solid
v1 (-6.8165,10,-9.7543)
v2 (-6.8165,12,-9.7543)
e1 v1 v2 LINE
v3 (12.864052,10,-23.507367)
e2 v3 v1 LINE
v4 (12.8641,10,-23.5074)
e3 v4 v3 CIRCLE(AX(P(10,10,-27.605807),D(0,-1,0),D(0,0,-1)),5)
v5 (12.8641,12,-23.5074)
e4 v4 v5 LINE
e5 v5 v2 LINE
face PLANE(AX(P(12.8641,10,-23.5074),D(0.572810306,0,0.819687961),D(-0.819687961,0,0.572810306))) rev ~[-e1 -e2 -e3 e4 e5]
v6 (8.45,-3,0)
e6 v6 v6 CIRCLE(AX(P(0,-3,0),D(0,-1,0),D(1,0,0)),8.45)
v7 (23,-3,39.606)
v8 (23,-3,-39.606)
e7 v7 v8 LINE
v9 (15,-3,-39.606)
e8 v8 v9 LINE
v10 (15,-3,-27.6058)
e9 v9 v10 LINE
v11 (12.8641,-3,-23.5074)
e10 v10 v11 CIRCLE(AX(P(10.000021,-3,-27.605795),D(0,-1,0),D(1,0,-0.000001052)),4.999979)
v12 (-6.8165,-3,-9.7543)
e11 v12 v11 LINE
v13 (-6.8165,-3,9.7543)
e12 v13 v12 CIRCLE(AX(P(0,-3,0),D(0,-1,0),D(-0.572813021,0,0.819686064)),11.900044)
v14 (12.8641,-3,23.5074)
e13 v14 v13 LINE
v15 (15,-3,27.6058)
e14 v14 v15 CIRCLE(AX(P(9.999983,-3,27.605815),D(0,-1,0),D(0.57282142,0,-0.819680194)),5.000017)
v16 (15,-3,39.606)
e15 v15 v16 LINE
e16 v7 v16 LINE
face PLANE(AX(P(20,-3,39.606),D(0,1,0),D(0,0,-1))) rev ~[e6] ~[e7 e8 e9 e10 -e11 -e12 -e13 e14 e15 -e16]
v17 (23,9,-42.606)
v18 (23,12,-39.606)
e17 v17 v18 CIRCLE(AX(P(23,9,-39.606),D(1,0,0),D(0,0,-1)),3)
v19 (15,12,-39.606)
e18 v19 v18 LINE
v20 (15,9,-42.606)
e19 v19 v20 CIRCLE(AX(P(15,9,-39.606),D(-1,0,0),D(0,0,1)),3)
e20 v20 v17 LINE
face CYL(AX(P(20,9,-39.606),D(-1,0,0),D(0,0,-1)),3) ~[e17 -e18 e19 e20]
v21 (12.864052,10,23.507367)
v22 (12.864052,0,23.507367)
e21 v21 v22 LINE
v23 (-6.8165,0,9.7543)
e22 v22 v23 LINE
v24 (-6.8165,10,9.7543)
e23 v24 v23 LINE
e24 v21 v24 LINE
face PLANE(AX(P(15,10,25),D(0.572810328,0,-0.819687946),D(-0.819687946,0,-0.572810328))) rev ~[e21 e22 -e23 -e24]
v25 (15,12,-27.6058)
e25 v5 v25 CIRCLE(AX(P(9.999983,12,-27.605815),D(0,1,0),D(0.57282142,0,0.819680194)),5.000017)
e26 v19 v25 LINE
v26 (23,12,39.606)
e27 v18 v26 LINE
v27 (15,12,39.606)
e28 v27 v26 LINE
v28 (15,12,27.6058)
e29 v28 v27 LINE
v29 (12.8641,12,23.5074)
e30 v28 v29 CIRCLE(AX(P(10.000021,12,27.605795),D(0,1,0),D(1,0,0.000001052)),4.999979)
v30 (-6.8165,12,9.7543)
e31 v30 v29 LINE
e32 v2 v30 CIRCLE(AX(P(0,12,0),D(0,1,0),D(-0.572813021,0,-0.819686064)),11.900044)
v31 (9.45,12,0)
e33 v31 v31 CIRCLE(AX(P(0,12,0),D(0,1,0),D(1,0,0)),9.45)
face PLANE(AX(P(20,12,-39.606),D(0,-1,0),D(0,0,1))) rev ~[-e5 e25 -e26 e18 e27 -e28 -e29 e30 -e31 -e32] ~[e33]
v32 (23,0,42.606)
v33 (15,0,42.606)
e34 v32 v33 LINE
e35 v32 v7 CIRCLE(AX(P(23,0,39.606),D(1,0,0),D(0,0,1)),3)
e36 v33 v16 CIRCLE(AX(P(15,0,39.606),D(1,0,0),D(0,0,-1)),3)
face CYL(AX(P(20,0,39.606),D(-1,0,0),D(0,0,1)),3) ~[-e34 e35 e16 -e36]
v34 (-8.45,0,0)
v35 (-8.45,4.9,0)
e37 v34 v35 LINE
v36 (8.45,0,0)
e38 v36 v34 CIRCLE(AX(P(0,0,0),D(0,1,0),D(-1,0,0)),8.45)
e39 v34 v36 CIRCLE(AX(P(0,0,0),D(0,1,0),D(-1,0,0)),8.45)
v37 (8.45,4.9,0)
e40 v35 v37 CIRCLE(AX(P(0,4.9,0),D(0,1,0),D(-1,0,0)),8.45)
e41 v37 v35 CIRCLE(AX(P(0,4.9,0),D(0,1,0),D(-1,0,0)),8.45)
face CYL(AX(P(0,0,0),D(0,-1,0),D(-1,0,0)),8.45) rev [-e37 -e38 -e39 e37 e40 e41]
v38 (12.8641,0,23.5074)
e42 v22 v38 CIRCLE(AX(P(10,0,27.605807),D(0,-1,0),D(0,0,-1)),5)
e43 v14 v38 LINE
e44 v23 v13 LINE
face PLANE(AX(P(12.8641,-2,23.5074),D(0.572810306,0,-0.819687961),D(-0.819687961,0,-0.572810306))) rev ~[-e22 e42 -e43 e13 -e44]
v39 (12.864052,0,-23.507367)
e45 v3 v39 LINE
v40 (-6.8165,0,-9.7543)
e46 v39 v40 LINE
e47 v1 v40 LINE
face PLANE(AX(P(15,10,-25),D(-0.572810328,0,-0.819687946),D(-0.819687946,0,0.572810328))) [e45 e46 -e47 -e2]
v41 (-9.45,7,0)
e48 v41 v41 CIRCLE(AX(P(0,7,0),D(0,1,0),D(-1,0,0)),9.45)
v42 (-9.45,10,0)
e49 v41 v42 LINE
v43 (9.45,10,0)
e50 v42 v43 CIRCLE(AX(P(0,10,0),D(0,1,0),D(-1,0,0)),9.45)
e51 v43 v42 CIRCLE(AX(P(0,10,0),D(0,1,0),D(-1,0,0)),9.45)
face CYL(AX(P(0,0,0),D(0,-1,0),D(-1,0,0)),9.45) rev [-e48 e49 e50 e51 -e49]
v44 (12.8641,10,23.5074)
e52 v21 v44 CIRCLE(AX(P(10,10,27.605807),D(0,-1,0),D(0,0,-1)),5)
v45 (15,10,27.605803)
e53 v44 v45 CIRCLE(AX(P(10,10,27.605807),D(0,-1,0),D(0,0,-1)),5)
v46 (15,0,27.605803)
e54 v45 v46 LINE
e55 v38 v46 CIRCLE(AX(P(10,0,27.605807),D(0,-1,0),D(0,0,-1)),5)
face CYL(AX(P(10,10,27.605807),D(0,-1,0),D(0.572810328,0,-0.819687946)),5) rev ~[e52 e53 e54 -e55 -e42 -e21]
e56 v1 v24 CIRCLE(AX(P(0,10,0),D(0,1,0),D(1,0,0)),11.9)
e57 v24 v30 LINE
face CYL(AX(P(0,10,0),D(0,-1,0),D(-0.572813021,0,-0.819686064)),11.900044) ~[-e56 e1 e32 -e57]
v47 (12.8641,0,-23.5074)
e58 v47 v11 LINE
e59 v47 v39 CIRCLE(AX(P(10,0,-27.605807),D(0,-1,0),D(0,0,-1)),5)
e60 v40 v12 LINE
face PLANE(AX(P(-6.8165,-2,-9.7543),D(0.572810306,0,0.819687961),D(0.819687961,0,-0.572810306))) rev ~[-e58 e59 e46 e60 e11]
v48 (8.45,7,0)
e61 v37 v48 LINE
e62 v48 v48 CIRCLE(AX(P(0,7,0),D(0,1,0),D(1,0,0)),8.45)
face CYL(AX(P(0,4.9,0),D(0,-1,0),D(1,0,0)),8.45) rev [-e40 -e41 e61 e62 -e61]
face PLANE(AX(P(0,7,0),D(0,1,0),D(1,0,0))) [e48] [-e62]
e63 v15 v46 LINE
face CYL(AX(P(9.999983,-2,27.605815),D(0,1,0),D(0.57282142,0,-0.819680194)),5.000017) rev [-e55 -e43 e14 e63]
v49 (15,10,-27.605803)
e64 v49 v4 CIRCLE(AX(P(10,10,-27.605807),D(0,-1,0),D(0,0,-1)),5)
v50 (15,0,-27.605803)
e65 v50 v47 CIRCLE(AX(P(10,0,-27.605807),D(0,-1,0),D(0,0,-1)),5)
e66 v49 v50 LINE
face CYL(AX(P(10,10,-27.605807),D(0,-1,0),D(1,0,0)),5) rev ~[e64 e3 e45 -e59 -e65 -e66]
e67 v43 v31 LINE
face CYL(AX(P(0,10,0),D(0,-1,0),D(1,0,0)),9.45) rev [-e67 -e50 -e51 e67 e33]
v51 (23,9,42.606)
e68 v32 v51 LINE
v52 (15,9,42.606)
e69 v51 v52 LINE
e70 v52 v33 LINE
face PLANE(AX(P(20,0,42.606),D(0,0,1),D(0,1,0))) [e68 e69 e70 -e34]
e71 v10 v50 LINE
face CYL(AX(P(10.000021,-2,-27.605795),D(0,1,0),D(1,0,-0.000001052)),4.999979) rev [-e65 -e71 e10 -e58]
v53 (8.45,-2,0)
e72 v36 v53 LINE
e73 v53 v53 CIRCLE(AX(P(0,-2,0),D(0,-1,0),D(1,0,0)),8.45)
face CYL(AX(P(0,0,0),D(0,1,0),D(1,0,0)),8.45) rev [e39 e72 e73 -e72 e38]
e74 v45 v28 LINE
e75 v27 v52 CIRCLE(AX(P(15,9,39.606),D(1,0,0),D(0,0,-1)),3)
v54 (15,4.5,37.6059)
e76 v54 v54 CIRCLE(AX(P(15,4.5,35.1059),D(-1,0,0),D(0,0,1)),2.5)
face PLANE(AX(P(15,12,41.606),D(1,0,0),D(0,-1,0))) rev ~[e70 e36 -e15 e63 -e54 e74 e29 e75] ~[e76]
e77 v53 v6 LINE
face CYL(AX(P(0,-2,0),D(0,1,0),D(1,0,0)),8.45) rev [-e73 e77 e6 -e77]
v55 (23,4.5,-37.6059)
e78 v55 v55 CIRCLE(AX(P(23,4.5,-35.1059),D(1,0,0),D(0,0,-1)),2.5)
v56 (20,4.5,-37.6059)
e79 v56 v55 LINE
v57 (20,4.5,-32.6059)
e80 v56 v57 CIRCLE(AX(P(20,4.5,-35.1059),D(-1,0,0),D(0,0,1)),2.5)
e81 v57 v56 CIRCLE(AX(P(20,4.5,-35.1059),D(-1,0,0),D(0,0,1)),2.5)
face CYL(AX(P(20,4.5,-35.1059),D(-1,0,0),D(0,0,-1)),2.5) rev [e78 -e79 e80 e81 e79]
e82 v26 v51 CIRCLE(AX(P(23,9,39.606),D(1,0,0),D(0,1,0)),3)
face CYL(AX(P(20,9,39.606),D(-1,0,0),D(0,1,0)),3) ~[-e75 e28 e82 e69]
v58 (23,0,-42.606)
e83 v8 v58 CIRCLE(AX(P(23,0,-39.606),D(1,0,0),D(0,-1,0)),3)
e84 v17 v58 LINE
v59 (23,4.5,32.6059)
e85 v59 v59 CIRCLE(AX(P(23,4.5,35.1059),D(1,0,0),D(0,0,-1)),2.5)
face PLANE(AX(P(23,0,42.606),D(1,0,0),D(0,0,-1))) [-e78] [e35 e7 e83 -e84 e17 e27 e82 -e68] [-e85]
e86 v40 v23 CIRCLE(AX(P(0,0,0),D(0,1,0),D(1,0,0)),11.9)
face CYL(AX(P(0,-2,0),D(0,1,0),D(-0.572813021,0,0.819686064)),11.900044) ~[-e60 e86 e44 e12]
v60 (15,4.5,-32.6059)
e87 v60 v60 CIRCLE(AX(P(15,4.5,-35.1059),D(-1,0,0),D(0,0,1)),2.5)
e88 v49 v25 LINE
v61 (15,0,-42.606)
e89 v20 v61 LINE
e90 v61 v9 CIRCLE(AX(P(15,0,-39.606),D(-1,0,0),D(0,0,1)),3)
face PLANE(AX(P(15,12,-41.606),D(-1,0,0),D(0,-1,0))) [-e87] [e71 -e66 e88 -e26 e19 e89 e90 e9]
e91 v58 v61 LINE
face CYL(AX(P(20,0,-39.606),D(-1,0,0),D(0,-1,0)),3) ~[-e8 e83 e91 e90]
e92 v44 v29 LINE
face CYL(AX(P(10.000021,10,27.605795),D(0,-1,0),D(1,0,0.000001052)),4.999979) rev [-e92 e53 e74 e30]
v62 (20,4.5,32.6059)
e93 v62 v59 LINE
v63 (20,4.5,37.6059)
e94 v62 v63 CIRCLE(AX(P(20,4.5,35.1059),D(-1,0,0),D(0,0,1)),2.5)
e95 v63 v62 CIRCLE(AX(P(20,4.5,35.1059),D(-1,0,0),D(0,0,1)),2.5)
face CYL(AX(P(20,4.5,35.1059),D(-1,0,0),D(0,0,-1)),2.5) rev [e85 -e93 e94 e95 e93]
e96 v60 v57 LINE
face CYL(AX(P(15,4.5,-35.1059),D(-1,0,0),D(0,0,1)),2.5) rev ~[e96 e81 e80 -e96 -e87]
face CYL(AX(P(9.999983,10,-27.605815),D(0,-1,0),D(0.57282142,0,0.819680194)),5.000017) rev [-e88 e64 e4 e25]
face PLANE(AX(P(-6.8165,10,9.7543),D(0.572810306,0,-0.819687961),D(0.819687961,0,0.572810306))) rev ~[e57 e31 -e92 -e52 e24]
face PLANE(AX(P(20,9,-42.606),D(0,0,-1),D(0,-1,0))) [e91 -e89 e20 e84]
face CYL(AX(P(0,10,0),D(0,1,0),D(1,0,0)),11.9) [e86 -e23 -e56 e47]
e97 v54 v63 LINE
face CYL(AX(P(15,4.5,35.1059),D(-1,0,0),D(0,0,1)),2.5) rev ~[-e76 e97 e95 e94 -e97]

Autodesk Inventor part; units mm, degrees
ref_plane "YZ Plane" through (0, 0, 0) normal (1, 0, 0) x (0, 1, 0)
ref_plane "XZ Plane" through (0, 0, 0) normal (0, 1, 0) x (-1, 0, 0)
ref_plane "XY Plane" through (0, 0, 0) normal (0, 0, 1) x (1, 0, 0)
sketch "Sketch1" plane through (0, 0, 0) normal (0, 1, 0) x (-1, 0, 0)
  circle A0 centre (0, 0) radius 9.45
  circle A1 centre (0, 0) radius 8.45
  line L0 (15.45, 25) -> (15.45, -25)
  line L1 (-20, 0) -> (-15, 0)
  line L2 (-15, 0) -> (-15, 25)
  line L3 (-15, 25) -> (-20, 25)
  line L4 (-20, 25) -> (-20, 0)
  line L5 (-20, 0) -> (-15, 0)
  line L6 (-15, 0) -> (-15, -25)
  line L7 (-15, -25) -> (-20, -25)
  line L8 (-20, -25) -> (-20, 0)
  line L9 (15.45, 25) -> (-20, 25)
  line L10 (-20, 25) -> (-20, -25)
  line L11 (-20, -25) -> (15.45, -25)
  line L12 (15.45, -25) -> (15.45, 25)
  point P0 (15.45, 0)
  dimension "d0" = 18.9
  dimension "d1" = 16.9
  dimension "d7" = 5
  dimension "d8" = 20
extrude "Extrusion1" add sketch "Sketch1" along normal blind 10 contours L0 L11 L6 L2 L9 | L2 L1 L4 L3 | L7 L8 L1 L6
extrude "Extrusion2" add sketch "Sketch1" along normal blind 4.9 contours A0
sketch "Sketch2" plane through (0, 10, 0) normal (0, 1, 0) x (1, 0, 0)
  circle A0 centre (0, 0) radius 11.9
  line L0 (-15.45, -25) -> (20, -25) projected
  line L1 (20, 25) -> (-15.45, 25) projected
  line L2 (20, -25) -> (15, -25)
  line L3 (15, -25) -> (15, 25)
  line L4 (15, 25) -> (20, 25)
  line L5 (20, 25) -> (20, -25)
  line L6 (-15.45, 25) -> (-15.45, -25) projected
  line L7 (20, -25) -> (-15.45, -25)
  line L8 (-15.45, -25) -> (-15.45, 25)
  line L9 (-15.45, 25) -> (20, 25)
  line L10 (20, 25) -> (20, -25)
  point P0 (-6.8165, -9.7543)
  point P1 (-6.8165, 9.7543)
  dimension "d13" = 23.8
  dimension "d14" = 5
sketch "Sketch7" plane through (20, 0, -25) normal (0, 0, -1) x (-1, 0, 0)
  line L0 (35.45, 0) -> (35.45, 10) projected
  line L1 (0, 0) -> (35.45, 0)
  line L2 (35.45, 0) -> (35.45, 10)
  line L3 (35.45, 10) -> (0, 10)
  line L4 (0, 10) -> (0, 0)
  point P0 (20, 0)
extrude "Extrusion7" add sketch "Sketch7" along normal blind 10
sketch "Sketch8" plane through (-15.45, 0, 25) normal (0, 0, 1) x (1, 0, 0)
  line L0 (35.45, 0) -> (35.45, 10) projected
  line L1 (0, 0) -> (0, 10) projected
  line L2 (35.45, 0) -> (0, 0)
  line L3 (0, 0) -> (0, 10)
  line L4 (0, 10) -> (35.45, 10)
  line L5 (35.45, 10) -> (35.45, 0)
  point P0 (15.45, 0)
extrude "Extrusion8" add sketch "Sketch8" along normal blind 10
sketch "Sketch9" plane through (0, 10, 0) normal (0, 1, 0) x (1, 0, 0)
  circle A0 centre (0, 0) radius 11.9 projected
  line L0 (15, -25) -> (15, 25) projected
  line L1 (15, -25) -> (-6.8165, -9.7543)
  line L2 (15, 25) -> (-6.8165, 9.7543)
  line L3 (20, 35) -> (20, -35) projected
  line L4 (20, 25) -> (15, 25)
  line L5 (15, 25) -> (15, 35)
  line L6 (15, 35) -> (20, 35)
  line L7 (20, 35) -> (20, 25)
  line L8 (20, -25) -> (15, -25)
  line L9 (15, -25) -> (15, -35)
  line L10 (15, -35) -> (20, -35)
  line L11 (20, -35) -> (20, -25)
  line L12 (15, -25) -> (15, 25)
  line L13 (-15.45, -35) -> (-15.45, 35) projected
  line L14 (-15.45, 25) -> (15, 25)
  line L15 (15, -25) -> (-15.45, -25)
  line L16 (-15.45, -25) -> (-15.45, 25)
  line L17 (15, -25) -> (-15.45, -25)
  line L18 (-15.45, -25) -> (-15.45, -35)
  line L19 (-15.45, -35) -> (15, -35)
  line L20 (15, -35) -> (15, -25)
  line L21 (20, 35) -> (-15.45, 35) projected
  line L22 (15, 25) -> (-15.45, 25)
  line L23 (-15.45, 25) -> (-15.45, 35)
  line L24 (-15.45, 35) -> (15, 35)
  line L25 (15, 35) -> (15, 25)
  point P0 (15, 25)
  dimension "d27" = 10
extrude "Extrusion9" cut sketch "Sketch9" against normal blind 10 contours A0 L1 L15 L13 L14 L2
extrude "Extrusion10" cut sketch "Sketch9" against normal blind 10 contours L14 L13 L21 L5 | L9 L19 L13 L15
fillet "Fillet1" radius 5 2 edges at (15, 5, 25) (15, 5, -25)
sketch "Sketch10" plane through (-15.45, 0, 35) normal (0, 0, 1) x (1, 0, 0)
  line L0 (35.45, 10) -> (35.45, 0) projected
  line L1 (30.45, 10) -> (30.45, 0) projected
  line L2 (35.45, 0) -> (30.45, 0)
  line L3 (30.45, 0) -> (30.45, 10)
  line L4 (30.45, 10) -> (35.45, 10)
  line L5 (35.45, 10) -> (35.45, 0)
  point P0 (15.45, 0)
extrude "Extrusion11" add sketch "Sketch10" along normal blind 2.606
sketch "Sketch11" plane through (20, 0, -35) normal (0, 0, -1) x (-1, 0, 0)
  line L0 (5, 10) -> (0, 10) projected
  line L1 (5, 10) -> (5, 0) projected
  line L2 (0, 10) -> (5, 10)
  line L3 (5, 10) -> (5, 0)
  line L4 (5, 0) -> (0, 0)
  line L5 (0, 0) -> (0, 10)
  point P0 (20, 0)
extrude "Extrusion12" add sketch "Sketch11" along normal blind 2.606
sketch "Sketch14" plane through (0, 10, 0) normal (0, 1, 0) x (1, 0, 0)
  circle A0 centre (0, 0) radius 9.45 projected
  line L0 (15, 37.606) -> (15, 27.6058) projected
  arc A1 (12.8641, 23.5074) -> (15, 27.6058) centre (10, 27.6058) ccw projected
  line L1 (12.8641, 23.5074) -> (-6.8165, 9.7543) projected
  arc A2 (-6.8165, 9.7543) -> (-6.8165, -9.7543) centre (0, 0) ccw projected
  line L2 (-6.8165, -9.7543) -> (12.8641, -23.5074) projected
  arc A3 (15, -27.6058) -> (12.8641, -23.5074) centre (10, -27.6058) ccw projected
  line L3 (15, -27.6058) -> (15, -37.606) projected
  line L4 (20, -37.606) -> (15, -37.606) projected
  line L5 (20, 37.606) -> (20, -37.606) projected
  line L6 (15, 37.606) -> (20, 37.606) projected
extrude "Extrusion15" add sketch "Sketch14" along normal blind 2
sketch "Sketch15" plane through (0, 0, 0) normal (0, -1, 0) x (1, 0, 0)
  line L0 (15, -27.6058) -> (15, -37.606) projected
  line L1 (20, -37.606) -> (15, -37.606) projected
  line L2 (20, 37.606) -> (20, -37.606) projected
  line L3 (15, 37.606) -> (20, 37.606) projected
  line L4 (15, 37.606) -> (15, 27.6058) projected
  arc A0 (12.8641, 23.5074) -> (15, 27.6058) centre (10, 27.6058) ccw projected
  line L5 (12.8641, 23.5074) -> (-6.8165, 9.7543) projected
  arc A1 (-6.8165, 9.7543) -> (-6.8165, -9.7543) centre (0, 0) ccw projected
  line L6 (-6.8165, -9.7543) -> (12.8641, -23.5074) projected
  arc A2 (15, -27.6058) -> (12.8641, -23.5074) centre (10, -27.6058) ccw projected
  circle A3 centre (0, 0) radius 8.45 projected
extrude "Extrusion16" add sketch "Sketch15" along normal blind 2
sketch "Sketch16" plane through (0, 4.9, 0) normal (0, 1, 0) x (1, 0, 0)
  circle A0 centre (0, 0) radius 9.45 projected
  circle A1 centre (0, 0) radius 8.45 projected
extrude "Extrusion17" add sketch "Sketch16" along normal blind 2.1
sketch "Sketch17" plane through (-15.45, 0, 37.606) normal (0, 0, 1) x (1, 0, 0)
  line L0 (35.45, 12) -> (35.45, -2) projected
  line L1 (30.45, 12) -> (35.45, 12) projected
  line L2 (30.45, -2) -> (30.45, 12) projected
  line L3 (35.45, -2) -> (30.45, -2) projected
  point P0 (15.45, 0)
extrude "Extrusion18" add sketch "Sketch17" along normal blind 4
sketch "Sketch18" plane through (20, 0, -37.606) normal (0, 0, -1) x (-1, 0, 0)
  line L0 (5, 12) -> (5, -2) projected
  line L1 (0, 12) -> (5, 12) projected
  line L2 (0, -2) -> (0, 12) projected
  line L3 (5, -2) -> (0, -2) projected
  point P0 (20, 0)
extrude "Extrusion19" add sketch "Sketch18" along normal blind 4
sketch "Sketch22" plane through (0, -2, 0) normal (0, -1, 0) x (1, 0, 0)
  arc A0 (-6.8165, 9.7543) -> (-6.8165, -9.7543) centre (0, 0) ccw projected
  line L0 (-6.8165, -9.7543) -> (12.8641, -23.5074) projected
  arc A1 (15, -27.6058) -> (12.8641, -23.5074) centre (10, -27.6058) ccw projected
  line L1 (15, -27.6058) -> (15, -41.606) projected
  line L2 (20, -41.606) -> (15, -41.606) projected
  line L3 (20, 41.606) -> (20, -41.606) projected
  line L4 (15, 41.606) -> (20, 41.606) projected
  line L5 (15, 27.6058) -> (15, 41.606) projected
  arc A2 (12.8641, 23.5074) -> (15, 27.6058) centre (10, 27.6058) ccw projected
  line L6 (12.8641, 23.5074) -> (-6.8165, 9.7543) projected
  circle A3 centre (0, 0) radius 8.45 projected
extrude "Extrusion22" add sketch "Sketch22" along normal blind 1
sketch "Sketch23" plane through (-15.45, 0, 41.606) normal (0, 0, 1) x (1, 0, 0)
  line L0 (30.45, 12) -> (30.45, -3) projected
  line L1 (35.45, -3) -> (30.45, -3) projected
  line L2 (35.45, 12) -> (35.45, -3) projected
  line L3 (35.45, 12) -> (30.45, 12) projected
  line L4 (35.45, 12) -> (35.45, -3) projected
  line L5 (30.45, -3) -> (35.45, -3) projected
  line L6 (30.45, 12) -> (30.45, -3) projected
  line L7 (30.45, 12) -> (35.45, 12) projected
  point P0 (15.45, 0)
sketch "Sketch24" plane through (-15.45, 0, 41.606) normal (0, 0, 1) x (1, 0, 0)
  point P0 (15.45, 0)
extrude "Extrusion23" add sketch "Sketch23" along normal blind 1
sketch "Sketch25" plane through (20, 0, -41.606) normal (0, 0, -1) x (-1, 0, 0)
  line L0 (0, 12) -> (0, -3) projected
  line L1 (5, -3) -> (0, -3) projected
  line L2 (5, 12) -> (5, -3) projected
  line L3 (5, 12) -> (0, 12) projected
  point P0 (20, 0)
extrude "Extrusion24" add sketch "Sketch25" along normal blind 1
sketch "Sketch26" plane through (15, -3, 27.6058) normal (-1, 0, 0) x (0, 0, 1)
  line L0 (0, 0) -> (0, 15) projected
  line L1 (0, 0) -> (15.0002, 0) projected
  line L2 (15.0002, 15) -> (15.0002, 0) projected
  line L3 (0, 15) -> (15.0002, 15) projected
  circle A0 centre (7.5001, 7.5) radius 2.5
  point P0 (-27.6058, 3)
  dimension "d67" = 5
extrude "Extrusion25" cut sketch "Sketch26" against normal up to surface (5 mm away) contours A0
sketch "Sketch27" plane through (15, -3, -27.6058) normal (-1, 0, 0) x (0, 0, 1)
  line L0 (0, 15) -> (0, 0) projected
  line L1 (0, 15) -> (-15.0002, 15) projected
  line L2 (-15.0002, 0) -> (-15.0002, 15) projected
  line L3 (0, 0) -> (-15.0002, 0) projected
  circle A0 centre (-7.5001, 7.5) radius 2.5
  point P0 (27.6058, 3)
  dimension "d70" = 5
extrude "Extrusion26" cut sketch "Sketch27" against normal up to surface (5 mm away) contours A0
fillet "Fillet4" radius 3 4 edges at (17.5, 12, 42.606) (17.5, -3, 42.606) (17.5, -3, -42.606) (17.5, 12, -42.606)
sketch "Sketch28" plane through (20, 0, 42.606) normal (1, 0, 0) x (0, 0, -1)
  arc A0 (85.212, 9) -> (82.212, 12) centre (82.212, 9) ccw projected
  line L0 (82.212, 12) -> (3, 12) projected
  arc A1 (3, 12) -> (0, 9) centre (3, 9) ccw projected
  line L1 (0, 0) -> (0, 9) projected
  arc A2 (0, 0) -> (3, -3) centre (3, 0) ccw projected
  line L2 (3, -3) -> (82.212, -3) projected
  arc A3 (82.212, -3) -> (85.212, 0) centre (82.212, 0) ccw projected
  line L3 (85.212, 9) -> (85.212, 0) projected
  circle A4 centre (77.7119, 4.5) radius 2.5 projected
  circle A5 centre (7.5001, 4.5) radius 2.5 projected
  point P0 (42.606, 0)
extrude "Extrusion27" add sketch "Sketch28" along normal blind 3
sketch "Sketch29" plane through (0, 12, 0) normal (0, 1, 0) x (1, 0, 0)
  line L0 (15, 39.606) -> (23, 39.606) projected
  line L1 (15, 27.6058) -> (15, 39.606) projected
  arc A0 (12.8641, 23.5074) -> (15, 27.6058) centre (10, 27.6058) ccw projected
  line L2 (12.8641, 23.5074) -> (-6.8165, 9.7543) projected
  arc A1 (-6.8165, 9.7543) -> (-6.8165, -9.7543) centre (0, 0) ccw projected
  line L3 (-6.8165, -9.7543) -> (12.8641, -23.5074) projected
  arc A2 (15, -27.6058) -> (12.8641, -23.5074) centre (10, -27.6058) ccw projected
  line L4 (15, -27.6058) -> (15, -39.606) projected
  line L5 (23, -39.606) -> (15, -39.606) projected
  line L6 (23, 39.606) -> (23, -39.606) projected
  circle A3 centre (0, 0) radius 9.45 projected
  circle A4 centre (0, 0) radius 8.45 projected
  line L7 (15, 39.606) -> (15, 42.606) projected
  line L8 (15, 42.606) -> (23, 42.606) projected
  line L9 (23, 39.606) -> (23, 42.606) projected
  line L10 (15, -42.606) -> (23, -42.606) projected
  line L11 (15, -42.606) -> (15, -39.606) projected
  line L12 (23, -42.606) -> (23, -39.606) projected
  dimension "d76" = 18.9
  dimension "d77" = 16.9
properties part number "mancal[1]" material "Steel, Mild"
